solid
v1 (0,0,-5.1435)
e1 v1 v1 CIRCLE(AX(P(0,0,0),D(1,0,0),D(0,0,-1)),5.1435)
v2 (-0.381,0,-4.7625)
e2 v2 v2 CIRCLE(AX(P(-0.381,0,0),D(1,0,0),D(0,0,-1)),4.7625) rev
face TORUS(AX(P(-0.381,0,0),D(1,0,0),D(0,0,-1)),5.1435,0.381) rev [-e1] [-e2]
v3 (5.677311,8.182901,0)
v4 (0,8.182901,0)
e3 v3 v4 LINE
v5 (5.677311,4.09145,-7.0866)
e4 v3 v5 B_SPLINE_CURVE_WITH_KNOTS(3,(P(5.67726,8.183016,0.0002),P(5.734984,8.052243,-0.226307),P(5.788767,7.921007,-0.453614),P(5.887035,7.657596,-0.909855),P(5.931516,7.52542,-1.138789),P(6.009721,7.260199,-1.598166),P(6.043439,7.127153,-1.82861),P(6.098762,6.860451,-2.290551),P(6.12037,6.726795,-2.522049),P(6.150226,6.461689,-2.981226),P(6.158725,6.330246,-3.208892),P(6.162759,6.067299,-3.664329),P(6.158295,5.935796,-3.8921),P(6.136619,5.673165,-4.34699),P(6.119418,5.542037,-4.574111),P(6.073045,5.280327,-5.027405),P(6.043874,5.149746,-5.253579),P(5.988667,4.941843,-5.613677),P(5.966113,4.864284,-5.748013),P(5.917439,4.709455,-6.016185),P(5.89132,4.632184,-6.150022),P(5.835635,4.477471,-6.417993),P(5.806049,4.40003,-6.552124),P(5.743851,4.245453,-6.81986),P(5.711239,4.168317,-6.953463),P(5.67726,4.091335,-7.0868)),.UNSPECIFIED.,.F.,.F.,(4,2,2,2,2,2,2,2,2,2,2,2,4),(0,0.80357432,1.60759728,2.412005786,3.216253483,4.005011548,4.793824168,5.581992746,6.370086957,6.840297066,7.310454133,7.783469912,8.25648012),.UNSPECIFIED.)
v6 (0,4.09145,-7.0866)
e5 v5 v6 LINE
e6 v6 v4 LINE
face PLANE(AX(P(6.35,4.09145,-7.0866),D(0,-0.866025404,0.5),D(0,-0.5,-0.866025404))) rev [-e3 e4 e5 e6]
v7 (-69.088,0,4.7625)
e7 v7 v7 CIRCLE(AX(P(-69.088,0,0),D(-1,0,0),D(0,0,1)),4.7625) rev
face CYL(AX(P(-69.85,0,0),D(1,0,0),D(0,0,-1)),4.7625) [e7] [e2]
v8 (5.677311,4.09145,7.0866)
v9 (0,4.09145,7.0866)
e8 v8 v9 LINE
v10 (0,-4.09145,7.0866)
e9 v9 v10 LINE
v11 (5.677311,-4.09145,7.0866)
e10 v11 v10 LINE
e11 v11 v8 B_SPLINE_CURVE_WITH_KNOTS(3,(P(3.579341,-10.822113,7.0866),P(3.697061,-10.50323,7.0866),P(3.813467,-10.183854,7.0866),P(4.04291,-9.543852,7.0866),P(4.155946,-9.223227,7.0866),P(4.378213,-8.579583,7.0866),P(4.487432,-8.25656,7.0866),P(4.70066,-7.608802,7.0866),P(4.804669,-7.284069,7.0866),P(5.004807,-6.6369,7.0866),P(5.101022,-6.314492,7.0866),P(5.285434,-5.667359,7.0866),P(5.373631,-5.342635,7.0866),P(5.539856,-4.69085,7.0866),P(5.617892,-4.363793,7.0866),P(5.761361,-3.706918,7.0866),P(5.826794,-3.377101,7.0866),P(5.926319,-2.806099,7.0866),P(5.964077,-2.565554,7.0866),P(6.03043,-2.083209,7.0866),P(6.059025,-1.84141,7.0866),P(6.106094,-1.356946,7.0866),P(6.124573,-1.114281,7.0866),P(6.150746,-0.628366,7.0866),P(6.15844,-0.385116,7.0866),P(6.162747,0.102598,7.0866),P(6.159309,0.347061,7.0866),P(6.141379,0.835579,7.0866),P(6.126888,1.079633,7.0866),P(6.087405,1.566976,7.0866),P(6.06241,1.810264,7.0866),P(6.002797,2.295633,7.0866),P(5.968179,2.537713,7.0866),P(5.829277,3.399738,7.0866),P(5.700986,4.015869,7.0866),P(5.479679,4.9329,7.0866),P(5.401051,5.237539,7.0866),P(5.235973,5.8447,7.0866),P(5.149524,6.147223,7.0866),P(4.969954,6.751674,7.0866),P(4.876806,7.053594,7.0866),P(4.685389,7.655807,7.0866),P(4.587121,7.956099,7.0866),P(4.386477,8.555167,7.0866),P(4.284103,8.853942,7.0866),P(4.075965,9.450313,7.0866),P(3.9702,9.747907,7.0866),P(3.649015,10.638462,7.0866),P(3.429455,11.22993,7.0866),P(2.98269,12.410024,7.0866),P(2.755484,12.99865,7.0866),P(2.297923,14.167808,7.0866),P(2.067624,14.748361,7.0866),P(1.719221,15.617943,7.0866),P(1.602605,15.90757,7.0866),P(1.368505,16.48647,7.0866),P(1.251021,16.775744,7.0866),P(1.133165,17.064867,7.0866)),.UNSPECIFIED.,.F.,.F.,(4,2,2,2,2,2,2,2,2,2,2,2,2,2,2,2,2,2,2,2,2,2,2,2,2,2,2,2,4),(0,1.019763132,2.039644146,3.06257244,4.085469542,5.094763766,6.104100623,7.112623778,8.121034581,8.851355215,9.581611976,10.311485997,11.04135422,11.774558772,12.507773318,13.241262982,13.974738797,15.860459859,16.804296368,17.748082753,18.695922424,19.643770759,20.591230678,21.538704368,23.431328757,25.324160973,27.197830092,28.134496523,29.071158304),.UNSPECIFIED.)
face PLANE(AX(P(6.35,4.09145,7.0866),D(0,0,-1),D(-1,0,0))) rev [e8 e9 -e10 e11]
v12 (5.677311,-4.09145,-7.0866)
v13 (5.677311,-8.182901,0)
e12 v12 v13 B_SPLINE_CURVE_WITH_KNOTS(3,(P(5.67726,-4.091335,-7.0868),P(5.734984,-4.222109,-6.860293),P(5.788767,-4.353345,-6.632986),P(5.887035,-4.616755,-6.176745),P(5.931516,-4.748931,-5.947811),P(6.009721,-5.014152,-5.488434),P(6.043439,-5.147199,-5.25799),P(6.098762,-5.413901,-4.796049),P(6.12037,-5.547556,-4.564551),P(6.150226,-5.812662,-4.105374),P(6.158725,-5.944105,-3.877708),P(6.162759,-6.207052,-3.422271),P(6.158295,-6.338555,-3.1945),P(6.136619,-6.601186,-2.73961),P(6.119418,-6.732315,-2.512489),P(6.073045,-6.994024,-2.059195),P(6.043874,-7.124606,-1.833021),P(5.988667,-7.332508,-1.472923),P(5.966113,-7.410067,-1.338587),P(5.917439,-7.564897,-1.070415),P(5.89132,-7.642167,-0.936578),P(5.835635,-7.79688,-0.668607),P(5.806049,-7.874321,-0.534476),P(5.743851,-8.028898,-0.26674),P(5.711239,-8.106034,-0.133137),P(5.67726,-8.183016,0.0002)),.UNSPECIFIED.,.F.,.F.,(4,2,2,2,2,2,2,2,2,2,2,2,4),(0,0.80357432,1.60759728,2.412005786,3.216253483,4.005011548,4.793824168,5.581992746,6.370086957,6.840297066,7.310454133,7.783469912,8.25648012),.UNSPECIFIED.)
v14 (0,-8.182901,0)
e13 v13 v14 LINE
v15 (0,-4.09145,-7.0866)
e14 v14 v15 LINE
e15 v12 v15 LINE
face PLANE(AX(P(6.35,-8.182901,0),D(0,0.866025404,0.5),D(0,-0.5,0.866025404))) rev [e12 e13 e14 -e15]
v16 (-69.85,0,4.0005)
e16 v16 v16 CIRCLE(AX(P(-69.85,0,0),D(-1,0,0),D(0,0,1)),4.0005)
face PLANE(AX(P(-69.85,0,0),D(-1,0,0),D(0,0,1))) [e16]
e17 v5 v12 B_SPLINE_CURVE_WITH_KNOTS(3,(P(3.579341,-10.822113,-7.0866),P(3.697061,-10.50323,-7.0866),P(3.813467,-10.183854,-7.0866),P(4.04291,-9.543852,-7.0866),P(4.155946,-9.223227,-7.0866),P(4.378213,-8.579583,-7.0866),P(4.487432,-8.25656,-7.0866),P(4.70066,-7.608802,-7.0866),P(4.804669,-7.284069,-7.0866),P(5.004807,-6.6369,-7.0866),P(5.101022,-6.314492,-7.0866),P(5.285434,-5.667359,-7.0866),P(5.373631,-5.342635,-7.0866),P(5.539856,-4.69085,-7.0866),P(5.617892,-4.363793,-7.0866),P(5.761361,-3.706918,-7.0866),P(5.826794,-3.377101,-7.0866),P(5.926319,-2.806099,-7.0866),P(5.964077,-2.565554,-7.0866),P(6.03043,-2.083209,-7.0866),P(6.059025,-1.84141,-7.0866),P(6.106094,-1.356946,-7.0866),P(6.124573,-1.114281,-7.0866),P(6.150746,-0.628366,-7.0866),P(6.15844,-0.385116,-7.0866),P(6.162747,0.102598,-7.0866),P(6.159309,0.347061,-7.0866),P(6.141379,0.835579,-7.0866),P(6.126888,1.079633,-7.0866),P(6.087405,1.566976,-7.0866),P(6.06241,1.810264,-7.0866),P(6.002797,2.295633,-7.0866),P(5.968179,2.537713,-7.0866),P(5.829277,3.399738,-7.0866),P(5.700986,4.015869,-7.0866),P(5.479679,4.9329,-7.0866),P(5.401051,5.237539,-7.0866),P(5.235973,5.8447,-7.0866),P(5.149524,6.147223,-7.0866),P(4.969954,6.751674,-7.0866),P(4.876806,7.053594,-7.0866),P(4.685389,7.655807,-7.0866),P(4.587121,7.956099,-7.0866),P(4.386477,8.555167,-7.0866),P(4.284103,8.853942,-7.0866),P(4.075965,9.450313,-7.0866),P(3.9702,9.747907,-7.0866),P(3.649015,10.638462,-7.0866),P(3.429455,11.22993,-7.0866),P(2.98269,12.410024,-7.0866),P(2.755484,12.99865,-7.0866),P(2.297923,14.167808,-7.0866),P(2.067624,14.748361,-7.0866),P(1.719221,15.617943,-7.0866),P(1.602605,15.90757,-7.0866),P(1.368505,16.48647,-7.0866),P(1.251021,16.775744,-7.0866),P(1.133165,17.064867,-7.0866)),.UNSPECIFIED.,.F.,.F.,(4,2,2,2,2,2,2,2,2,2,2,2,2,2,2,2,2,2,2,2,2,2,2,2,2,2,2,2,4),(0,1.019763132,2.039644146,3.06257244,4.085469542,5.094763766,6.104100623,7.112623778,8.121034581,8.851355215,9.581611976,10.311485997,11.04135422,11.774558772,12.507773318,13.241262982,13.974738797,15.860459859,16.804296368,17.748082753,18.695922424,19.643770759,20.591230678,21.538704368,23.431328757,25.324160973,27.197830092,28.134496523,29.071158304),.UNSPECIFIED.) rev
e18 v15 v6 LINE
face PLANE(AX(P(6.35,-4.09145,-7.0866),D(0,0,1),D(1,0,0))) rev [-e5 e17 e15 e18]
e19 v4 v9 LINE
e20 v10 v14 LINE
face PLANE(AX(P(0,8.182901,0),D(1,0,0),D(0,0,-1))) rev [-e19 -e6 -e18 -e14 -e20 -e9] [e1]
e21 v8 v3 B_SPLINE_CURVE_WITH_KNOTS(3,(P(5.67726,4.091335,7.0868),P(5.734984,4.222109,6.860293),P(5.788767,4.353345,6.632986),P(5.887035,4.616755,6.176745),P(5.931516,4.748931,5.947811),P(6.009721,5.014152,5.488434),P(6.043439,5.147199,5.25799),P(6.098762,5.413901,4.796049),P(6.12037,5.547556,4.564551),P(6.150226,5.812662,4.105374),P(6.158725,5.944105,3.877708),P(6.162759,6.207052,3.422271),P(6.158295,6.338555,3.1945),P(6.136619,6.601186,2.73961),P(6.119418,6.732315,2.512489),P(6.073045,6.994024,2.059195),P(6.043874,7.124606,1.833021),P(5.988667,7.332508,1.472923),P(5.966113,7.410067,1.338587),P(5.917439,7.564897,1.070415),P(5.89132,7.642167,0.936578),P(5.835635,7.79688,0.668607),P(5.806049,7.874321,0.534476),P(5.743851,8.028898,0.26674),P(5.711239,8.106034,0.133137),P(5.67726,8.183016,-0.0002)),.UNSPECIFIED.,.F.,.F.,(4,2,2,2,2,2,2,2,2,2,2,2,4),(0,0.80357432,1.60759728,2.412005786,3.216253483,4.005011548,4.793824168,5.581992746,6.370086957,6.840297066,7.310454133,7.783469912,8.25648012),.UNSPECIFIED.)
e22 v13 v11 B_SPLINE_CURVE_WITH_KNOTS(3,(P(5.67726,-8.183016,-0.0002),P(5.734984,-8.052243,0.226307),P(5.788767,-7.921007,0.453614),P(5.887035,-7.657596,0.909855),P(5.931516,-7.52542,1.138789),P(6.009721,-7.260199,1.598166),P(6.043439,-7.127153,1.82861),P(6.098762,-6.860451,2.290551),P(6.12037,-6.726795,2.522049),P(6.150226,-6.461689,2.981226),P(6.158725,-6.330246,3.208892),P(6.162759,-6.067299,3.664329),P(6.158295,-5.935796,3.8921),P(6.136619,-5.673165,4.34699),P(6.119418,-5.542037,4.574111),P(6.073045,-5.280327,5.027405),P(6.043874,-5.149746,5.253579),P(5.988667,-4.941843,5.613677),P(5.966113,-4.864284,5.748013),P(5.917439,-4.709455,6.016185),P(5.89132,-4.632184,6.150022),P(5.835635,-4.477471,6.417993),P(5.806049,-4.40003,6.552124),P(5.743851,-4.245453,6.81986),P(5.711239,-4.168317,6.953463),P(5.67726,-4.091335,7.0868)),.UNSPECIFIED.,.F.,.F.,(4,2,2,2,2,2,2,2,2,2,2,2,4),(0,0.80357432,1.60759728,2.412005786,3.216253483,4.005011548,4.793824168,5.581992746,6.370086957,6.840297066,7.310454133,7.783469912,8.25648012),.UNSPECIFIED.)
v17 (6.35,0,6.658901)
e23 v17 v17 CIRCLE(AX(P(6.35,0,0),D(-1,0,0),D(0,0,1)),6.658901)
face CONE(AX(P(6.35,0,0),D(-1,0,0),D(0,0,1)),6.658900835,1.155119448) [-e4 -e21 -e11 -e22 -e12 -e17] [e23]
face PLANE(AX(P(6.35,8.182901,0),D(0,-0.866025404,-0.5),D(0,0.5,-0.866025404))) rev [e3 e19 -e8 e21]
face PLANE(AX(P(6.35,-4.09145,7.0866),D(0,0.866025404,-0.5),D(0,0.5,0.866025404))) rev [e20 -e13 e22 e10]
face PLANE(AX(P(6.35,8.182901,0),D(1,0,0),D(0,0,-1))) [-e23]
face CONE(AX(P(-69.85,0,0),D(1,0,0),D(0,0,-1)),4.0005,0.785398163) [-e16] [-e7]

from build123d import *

# Parameters (mm, degrees)
HEX_HEAD_DEPTH  = 6.35
SKETCH3_R       = 4.7625
BOLT_BODY_DEPTH = 69.85
CHAMFER1_SIZE   = 0.762
FILLET1_R       = 0.381


with BuildPart() as part:
    # Sketch1 → HEX-HEAD (new body)
    with BuildSketch(Plane(origin=(0, 0, 0), x_dir=(0, 0, -1), z_dir=(1, 0, 0))):
        Polygon((0, 8.182900835), (-7.0866, 4.091450418), (-7.0866, -4.091450418), (0, -8.182900835), (7.0866, -4.091450418), (7.0866, 4.091450418), align=None)
    extrude(amount=HEX_HEAD_DEPTH)

    # Sketch2 → EDGE-CUT (revolve, cut)
    with BuildSketch(Plane.XY, mode=Mode.PRIVATE) as edge_cut_sk:
        Polygon((6.35, 6.658900835), (5.67731061, 8.182900835), (6.35, 8.182900835), align=None)
    revolve(edge_cut_sk.sketch.rotate(Axis((0, 0, 0), (1, 0, 0)), 90), axis=Axis((0, 0, 0), (1, 0, 0)), mode=Mode.SUBTRACT)

    # Sketch3 → BOLT-BODY (add)
    with BuildSketch(Plane.ZY):
        with Locations(Location((0, 0, 0), (0, 0, 180))):
            Circle(SKETCH3_R)
    extrude(amount=BOLT_BODY_DEPTH)

    # Chamfer1
    chamfer1_edges = [part.edges().sort_by_distance(p)[0] for p in [
        (-69.85, 0, 4.7625),
    ]]
    chamfer(chamfer1_edges, length=CHAMFER1_SIZE)

    # Fillet1
    fillet1_edges = [part.edges().sort_by_distance(p)[0] for p in [
        (0, 0, 4.7625),
    ]]
    fillet(fillet1_edges, radius=FILLET1_R)


solid = part.part
